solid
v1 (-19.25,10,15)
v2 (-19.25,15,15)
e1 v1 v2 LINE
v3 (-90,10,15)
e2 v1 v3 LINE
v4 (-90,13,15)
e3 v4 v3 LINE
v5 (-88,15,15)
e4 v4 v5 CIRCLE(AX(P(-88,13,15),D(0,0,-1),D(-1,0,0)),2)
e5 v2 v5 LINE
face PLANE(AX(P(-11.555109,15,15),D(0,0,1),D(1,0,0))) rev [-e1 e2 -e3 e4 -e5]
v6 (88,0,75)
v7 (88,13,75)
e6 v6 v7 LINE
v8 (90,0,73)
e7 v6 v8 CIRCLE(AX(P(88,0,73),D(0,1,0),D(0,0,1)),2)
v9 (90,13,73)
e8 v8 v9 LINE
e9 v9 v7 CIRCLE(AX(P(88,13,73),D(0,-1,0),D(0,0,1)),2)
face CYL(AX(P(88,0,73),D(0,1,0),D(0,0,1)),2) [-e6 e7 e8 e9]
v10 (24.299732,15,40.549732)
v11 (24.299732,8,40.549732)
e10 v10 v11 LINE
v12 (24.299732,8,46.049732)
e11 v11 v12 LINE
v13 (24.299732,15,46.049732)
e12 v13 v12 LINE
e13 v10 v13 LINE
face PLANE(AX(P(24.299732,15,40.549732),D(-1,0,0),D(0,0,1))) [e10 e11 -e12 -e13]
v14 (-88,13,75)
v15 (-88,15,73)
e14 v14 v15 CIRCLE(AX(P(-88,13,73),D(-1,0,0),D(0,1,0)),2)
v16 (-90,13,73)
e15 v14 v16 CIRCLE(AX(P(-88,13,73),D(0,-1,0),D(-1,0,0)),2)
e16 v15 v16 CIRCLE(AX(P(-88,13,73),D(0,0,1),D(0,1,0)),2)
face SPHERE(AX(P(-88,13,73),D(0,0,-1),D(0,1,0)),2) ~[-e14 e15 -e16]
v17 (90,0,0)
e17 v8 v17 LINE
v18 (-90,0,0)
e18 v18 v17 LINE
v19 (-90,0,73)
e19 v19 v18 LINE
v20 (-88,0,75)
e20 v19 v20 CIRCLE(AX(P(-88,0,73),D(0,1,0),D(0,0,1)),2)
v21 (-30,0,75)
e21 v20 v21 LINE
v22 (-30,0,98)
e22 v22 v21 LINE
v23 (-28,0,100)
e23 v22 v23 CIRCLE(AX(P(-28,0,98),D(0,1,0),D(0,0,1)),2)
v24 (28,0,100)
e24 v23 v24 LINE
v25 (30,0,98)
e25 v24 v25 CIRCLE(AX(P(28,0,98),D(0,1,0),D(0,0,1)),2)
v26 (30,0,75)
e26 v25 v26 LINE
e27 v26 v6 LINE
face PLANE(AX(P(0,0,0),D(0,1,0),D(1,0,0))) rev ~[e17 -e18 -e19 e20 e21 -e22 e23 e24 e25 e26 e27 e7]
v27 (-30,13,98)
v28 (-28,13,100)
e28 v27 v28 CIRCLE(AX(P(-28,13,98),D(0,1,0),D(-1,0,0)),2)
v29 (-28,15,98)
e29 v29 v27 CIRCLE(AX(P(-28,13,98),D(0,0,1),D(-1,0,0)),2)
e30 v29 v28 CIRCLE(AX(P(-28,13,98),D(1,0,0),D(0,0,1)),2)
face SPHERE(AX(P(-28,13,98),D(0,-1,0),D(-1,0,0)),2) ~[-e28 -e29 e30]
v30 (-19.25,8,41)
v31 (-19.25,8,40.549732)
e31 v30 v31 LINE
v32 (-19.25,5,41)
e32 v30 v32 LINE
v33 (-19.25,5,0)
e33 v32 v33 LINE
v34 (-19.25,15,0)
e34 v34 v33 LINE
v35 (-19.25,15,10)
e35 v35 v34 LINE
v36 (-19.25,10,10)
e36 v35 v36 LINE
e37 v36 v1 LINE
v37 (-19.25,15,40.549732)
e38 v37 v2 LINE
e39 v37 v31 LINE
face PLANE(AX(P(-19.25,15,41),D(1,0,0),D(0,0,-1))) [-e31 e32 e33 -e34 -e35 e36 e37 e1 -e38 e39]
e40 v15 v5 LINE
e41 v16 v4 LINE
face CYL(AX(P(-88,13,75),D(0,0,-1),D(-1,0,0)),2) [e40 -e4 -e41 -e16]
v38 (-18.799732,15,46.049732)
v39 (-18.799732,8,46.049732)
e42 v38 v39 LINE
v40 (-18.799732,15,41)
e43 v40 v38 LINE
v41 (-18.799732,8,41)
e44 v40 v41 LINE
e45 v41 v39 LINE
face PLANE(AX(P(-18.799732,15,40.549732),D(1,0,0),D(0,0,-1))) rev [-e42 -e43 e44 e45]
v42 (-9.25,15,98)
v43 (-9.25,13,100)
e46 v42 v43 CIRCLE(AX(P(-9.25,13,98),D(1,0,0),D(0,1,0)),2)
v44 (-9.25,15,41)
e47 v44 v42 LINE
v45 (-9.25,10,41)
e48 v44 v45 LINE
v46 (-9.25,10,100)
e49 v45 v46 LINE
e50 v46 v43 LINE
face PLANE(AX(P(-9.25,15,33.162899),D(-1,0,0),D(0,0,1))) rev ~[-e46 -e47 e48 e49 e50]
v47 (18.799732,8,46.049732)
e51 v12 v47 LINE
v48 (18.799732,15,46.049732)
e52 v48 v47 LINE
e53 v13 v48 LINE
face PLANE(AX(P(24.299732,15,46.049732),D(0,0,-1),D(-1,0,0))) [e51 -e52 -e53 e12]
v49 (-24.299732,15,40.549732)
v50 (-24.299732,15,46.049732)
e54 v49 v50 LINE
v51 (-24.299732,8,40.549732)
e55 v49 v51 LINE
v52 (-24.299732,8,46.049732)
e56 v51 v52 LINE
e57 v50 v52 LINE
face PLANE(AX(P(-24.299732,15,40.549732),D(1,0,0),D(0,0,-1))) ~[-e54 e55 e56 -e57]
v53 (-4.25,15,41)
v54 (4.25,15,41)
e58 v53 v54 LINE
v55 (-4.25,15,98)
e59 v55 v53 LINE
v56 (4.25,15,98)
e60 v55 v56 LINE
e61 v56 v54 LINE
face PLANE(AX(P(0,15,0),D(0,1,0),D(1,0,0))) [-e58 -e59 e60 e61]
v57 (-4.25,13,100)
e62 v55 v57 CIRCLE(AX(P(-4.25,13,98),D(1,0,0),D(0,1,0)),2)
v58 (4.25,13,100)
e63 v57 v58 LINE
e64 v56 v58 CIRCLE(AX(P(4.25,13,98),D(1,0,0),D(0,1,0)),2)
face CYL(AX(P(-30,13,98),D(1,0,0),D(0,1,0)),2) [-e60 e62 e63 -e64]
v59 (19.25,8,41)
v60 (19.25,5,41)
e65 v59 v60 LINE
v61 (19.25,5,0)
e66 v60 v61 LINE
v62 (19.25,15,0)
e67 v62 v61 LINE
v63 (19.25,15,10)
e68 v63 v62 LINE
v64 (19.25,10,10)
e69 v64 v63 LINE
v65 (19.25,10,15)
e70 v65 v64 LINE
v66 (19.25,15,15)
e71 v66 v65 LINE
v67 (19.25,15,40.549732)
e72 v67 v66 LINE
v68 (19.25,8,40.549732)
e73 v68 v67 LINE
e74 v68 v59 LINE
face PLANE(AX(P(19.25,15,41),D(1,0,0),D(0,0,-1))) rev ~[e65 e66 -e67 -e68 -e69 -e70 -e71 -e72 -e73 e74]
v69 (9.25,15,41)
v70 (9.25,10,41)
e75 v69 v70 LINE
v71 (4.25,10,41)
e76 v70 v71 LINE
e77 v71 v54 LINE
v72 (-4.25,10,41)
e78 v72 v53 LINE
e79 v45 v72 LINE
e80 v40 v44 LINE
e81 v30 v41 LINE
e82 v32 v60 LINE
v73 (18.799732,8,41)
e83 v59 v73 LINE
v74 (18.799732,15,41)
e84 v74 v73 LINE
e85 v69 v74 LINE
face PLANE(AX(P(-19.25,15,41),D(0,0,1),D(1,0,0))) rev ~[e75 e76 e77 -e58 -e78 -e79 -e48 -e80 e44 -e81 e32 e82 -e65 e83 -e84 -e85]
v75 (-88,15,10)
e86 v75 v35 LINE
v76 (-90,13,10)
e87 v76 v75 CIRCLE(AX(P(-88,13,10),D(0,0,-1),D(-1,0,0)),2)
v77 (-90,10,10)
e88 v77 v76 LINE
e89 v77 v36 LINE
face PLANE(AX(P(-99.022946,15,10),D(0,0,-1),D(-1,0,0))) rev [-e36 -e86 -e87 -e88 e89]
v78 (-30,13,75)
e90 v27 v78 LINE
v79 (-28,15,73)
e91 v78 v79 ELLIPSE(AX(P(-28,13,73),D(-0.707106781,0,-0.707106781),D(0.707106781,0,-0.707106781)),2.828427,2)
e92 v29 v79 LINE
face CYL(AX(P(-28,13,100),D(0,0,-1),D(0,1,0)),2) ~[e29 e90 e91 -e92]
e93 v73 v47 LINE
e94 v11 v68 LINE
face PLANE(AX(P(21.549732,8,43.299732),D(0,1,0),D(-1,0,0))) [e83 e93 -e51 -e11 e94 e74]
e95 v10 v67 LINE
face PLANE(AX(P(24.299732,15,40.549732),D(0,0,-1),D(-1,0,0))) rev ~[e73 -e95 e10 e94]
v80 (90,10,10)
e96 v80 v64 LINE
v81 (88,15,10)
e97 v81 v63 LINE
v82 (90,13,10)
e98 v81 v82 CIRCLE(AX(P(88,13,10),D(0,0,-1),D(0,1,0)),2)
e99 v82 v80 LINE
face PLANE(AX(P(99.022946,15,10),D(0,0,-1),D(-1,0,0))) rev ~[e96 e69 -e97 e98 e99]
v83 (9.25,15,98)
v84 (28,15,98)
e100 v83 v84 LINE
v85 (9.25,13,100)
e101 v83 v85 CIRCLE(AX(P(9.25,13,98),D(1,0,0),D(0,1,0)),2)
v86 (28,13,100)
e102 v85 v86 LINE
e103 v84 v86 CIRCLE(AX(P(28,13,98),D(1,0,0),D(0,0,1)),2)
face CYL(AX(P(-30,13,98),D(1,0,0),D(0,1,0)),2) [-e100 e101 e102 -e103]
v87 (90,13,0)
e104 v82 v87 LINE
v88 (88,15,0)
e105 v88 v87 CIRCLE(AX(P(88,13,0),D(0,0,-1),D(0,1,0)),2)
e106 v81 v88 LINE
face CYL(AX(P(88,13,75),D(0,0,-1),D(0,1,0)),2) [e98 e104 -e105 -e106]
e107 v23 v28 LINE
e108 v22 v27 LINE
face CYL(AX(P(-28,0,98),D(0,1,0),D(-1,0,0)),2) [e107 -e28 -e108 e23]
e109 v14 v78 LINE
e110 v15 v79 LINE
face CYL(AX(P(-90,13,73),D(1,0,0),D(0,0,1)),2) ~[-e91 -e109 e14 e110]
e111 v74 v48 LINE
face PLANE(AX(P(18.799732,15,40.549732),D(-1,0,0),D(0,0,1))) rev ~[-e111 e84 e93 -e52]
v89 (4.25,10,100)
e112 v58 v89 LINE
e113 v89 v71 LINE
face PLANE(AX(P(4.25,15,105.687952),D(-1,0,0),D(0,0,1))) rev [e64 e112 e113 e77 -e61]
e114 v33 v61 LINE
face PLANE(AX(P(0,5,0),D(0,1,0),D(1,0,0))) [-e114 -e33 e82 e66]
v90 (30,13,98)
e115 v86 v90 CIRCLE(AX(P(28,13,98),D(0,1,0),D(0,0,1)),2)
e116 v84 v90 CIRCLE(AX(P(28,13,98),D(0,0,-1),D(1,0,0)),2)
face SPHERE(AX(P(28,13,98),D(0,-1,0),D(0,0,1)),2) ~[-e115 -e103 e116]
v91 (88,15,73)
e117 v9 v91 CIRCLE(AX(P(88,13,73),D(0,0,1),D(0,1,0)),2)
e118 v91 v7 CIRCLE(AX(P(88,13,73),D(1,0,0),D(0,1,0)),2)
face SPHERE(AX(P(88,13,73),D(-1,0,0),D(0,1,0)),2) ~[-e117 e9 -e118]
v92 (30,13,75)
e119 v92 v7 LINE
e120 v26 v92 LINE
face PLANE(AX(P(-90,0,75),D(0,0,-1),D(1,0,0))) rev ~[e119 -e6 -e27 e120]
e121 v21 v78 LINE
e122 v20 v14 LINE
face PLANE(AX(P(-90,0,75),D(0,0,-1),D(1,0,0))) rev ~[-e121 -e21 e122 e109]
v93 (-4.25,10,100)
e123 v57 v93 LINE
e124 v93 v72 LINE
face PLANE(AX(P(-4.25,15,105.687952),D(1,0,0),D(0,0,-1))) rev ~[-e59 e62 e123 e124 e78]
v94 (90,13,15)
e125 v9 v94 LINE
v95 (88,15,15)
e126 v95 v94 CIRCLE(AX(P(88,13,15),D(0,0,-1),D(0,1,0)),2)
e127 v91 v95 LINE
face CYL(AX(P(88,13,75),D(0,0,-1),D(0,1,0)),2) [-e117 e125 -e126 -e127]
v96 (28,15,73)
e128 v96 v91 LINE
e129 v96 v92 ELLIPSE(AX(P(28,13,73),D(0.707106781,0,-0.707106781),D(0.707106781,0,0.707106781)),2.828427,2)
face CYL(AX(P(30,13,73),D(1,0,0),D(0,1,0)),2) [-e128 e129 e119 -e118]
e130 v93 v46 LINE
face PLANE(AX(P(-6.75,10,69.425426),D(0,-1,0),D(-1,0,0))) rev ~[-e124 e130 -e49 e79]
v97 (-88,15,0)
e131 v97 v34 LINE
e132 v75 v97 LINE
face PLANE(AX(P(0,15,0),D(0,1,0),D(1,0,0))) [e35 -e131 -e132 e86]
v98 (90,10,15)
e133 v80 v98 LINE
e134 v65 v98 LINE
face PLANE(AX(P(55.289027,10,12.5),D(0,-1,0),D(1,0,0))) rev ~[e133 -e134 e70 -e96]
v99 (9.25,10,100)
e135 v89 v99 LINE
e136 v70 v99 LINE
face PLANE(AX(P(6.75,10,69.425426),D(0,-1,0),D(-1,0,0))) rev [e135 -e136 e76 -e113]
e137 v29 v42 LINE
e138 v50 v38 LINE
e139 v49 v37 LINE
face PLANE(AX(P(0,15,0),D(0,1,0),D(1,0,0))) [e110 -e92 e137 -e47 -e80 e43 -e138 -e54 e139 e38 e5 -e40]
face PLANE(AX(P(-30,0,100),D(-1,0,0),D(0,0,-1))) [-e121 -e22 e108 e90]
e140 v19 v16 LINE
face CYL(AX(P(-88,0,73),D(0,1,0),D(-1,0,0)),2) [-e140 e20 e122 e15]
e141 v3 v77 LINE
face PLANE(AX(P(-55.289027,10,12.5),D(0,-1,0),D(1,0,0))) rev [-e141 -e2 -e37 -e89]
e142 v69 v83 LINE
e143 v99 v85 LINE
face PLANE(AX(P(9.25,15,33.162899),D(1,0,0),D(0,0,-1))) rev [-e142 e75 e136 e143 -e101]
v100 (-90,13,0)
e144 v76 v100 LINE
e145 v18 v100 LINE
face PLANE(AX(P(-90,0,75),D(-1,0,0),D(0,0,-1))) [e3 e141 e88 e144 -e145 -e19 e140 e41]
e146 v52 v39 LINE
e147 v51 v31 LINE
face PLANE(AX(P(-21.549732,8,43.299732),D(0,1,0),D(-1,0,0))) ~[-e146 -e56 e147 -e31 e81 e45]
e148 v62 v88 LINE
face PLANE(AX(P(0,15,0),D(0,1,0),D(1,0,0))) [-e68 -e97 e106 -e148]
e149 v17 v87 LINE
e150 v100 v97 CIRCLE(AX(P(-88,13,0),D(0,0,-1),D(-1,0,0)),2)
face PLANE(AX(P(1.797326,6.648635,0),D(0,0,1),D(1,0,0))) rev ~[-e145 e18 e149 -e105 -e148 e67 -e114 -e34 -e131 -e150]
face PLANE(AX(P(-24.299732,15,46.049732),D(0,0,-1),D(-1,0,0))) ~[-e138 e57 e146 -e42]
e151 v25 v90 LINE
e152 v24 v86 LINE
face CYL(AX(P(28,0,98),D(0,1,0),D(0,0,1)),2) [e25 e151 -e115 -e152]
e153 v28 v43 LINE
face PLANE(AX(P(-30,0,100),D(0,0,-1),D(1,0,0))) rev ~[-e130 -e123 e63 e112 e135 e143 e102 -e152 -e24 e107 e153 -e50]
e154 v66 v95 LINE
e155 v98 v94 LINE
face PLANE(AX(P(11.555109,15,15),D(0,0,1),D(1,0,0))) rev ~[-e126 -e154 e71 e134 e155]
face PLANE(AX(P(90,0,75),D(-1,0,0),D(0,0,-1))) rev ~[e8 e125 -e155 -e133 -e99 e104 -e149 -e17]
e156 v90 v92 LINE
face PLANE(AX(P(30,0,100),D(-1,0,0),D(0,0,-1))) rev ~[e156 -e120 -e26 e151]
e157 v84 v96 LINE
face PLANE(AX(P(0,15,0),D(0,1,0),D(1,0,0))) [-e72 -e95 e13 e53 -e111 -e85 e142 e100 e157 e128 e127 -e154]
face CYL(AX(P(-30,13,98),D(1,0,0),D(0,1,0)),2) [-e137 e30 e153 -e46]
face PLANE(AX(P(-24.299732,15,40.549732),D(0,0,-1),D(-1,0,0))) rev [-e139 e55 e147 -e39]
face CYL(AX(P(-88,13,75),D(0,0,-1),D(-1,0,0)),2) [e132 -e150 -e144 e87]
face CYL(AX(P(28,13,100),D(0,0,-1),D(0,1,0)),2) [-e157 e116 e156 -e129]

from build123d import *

# Parameters (mm, degrees)
SKETCH1_W                                  = 180
SKETCH1_H                                  = 150
BOSS_EXTRUDE1_DEPTH                        = 15
SKETCH7_W                                  = 60
SKETCH7_H                                  = 25
BOSS_EXTRUDE6_DEPTH                        = 15
FILLET1_R                                  = 2
SKETCH2_W                                  = 38.5
SKETCH2_H                                  = 82
CUT_EXTRUDE1_DEPTH                         = 10
CUT_EXTRUDE3_DEPTH                         = 5
SKETCH11_W                                 = 5.5
SKETCH11_H                                 = 5.5
CUT_EXTRUDE6_DEPTH                         = 7
MIRROR3_AT_THE_SECOND_PLANE_COPY_1_SKETC_W = 5.5
MIRROR3_AT_THE_SECOND_PLANE_COPY_1_SKETC_H = 5.5
MIRROR3_AT_THE_SECOND_PLANE_COPY_1_DEPTH   = 7
MIRROR4_AT_THE_SECOND_PLANE_COPY_1_DEPTH   = 5
SKETCH12_W                                 = 194.678765725
SKETCH12_H                                 = 23.459831827
CUT_EXTRUDE7_DEPTH                         = 136.369863707


with BuildPart() as part:
    # Sketch1 → Boss-Extrude1 (new body)
    with BuildSketch(Plane(origin=(0, 0, 0), x_dir=(1, 0, 0), z_dir=(0, 1, 0))):
        Rectangle(SKETCH1_W, SKETCH1_H)
    extrude(amount=BOSS_EXTRUDE1_DEPTH)

    # Sketch7 → Boss-Extrude6 (add)
    with BuildSketch(Plane(origin=(0, 0, 0), x_dir=(1, 0, 0), z_dir=(0, 1, 0))):
        with Locations((0, -87.5)):
            Rectangle(SKETCH7_W, SKETCH7_H)
        with Locations((0, 87.5)):
            Rectangle(SKETCH7_W, SKETCH7_H)
    extrude(amount=BOSS_EXTRUDE6_DEPTH)

    # Fillet1
    fillet1_edges = [part.edges().sort_by_distance(p)[0] for p in [
        (-90, 15, 0),
        (60, 15, 75),
        (-60, 15, 75),
        (-30, 7.5, 100),
        (30, 7.5, 100),
        (-30, 15, 87.5),
        (0, 15, 100),
        (30, 15, 87.5),
        (-60, 15, -75),
        (0, 15, -100),
        (30, 7.5, -100),
        (-30, 15, -87.5),
        (-30, 7.5, -100),
        (30, 15, -87.5),
        (90, 15, 0),
        (90, 7.5, 75),
        (-90, 7.5, 75),
        (-90, 7.5, -75),
        (90, 7.5, -75),
        (60, 15, -75),
    ]]
    fillet(fillet1_edges, radius=FILLET1_R)

    # Sketch2 → Cut-Extrude1 (cut)
    with BuildSketch(Plane(origin=(0, 15, 0), x_dir=(1, 0, 0), z_dir=(0, 1, 0))):
        Rectangle(SKETCH2_W, SKETCH2_H)
    extrude(amount=-CUT_EXTRUDE1_DEPTH, mode=Mode.SUBTRACT)

    # Sketch10 → Cut-Extrude3 (cut)
    with BuildSketch(Plane(origin=(0, 15, 0), x_dir=(1, 0, 0), z_dir=(0, 1, 0))):
        Polygon((-9.25, -40.5), (-9.25, -33.162899401), (-4.25, -33.162899401), (-4.25, -40.5), (-4.25, -105.687952047), (-9.25, -105.687952047), align=None)
        Polygon((-99.022946063, 15), (-19.25, 15), (-11.555108838, 15), (-11.555108838, 10), (-19.25, 10), (-99.022946063, 10), align=None)
    cut_extrude3 = extrude(amount=-CUT_EXTRUDE3_DEPTH, mode=Mode.SUBTRACT)

    # Sketch11 → Cut-Extrude6 (cut)
    with BuildSketch(Plane(origin=(0, 15, 0), x_dir=(1, 0, 0), z_dir=(0, 1, 0))):
        with Locations((-21.549732367, 43.299732367)):
            Rectangle(SKETCH11_W, SKETCH11_H)
    cut_extrude6 = extrude(amount=-CUT_EXTRUDE6_DEPTH, mode=Mode.SUBTRACT)

    # Mirror3: Cut-Extrude6 across plane
    add(cut_extrude6.mirror(Plane(origin=(0, 0, 0), x_dir=(0, 0, 1), z_dir=(1, 0, 0))), mode=Mode.SUBTRACT)

    # Mirror3 at the second plane: Cut-Extrude6 across plane
    add(cut_extrude6.mirror(Plane.XY), mode=Mode.SUBTRACT)

    # Mirror3 at the second plane copy 1 sketc → Mirror3 at the second plane copy 1 (cut)
    with BuildSketch(Plane(origin=(0, 15, 0), x_dir=(-1, 0, 0), z_dir=(0, 1, 0))):
        with Locations((-21.549732367, 43.299732367)):
            Rectangle(MIRROR3_AT_THE_SECOND_PLANE_COPY_1_SKETC_W, MIRROR3_AT_THE_SECOND_PLANE_COPY_1_SKETC_H)
    extrude(amount=-MIRROR3_AT_THE_SECOND_PLANE_COPY_1_DEPTH, mode=Mode.SUBTRACT)

    # Mirror4: Cut-Extrude3 across plane
    add(cut_extrude3.mirror(Plane(origin=(0, 0, 0), x_dir=(0, 0, 1), z_dir=(1, 0, 0))), mode=Mode.SUBTRACT)

    # Mirror4 at the second plane: Cut-Extrude3 across plane
    add(cut_extrude3.mirror(Plane.XY), mode=Mode.SUBTRACT)

    # Mirror4 at the second plane copy 1 sketc → Mirror4 at the second plane copy 1 (cut)
    with BuildSketch(Plane(origin=(0, 15, 0), x_dir=(-1, 0, 0), z_dir=(0, 1, 0))):
        Polygon((-9.25, -40.5), (-9.25, -33.162899401), (-4.25, -33.162899401), (-4.25, -40.5), (-4.25, -105.687952047), (-9.25, -105.687952047), align=None)
        Polygon((-99.022946063, 15), (-19.25, 15), (-11.555108838, 15), (-11.555108838, 10), (-19.25, 10), (-99.022946063, 10), align=None)
    extrude(amount=-MIRROR4_AT_THE_SECOND_PLANE_COPY_1_DEPTH, mode=Mode.SUBTRACT)

    # Sketch12 → Cut-Extrude7 (cut, through all)
    with BuildSketch(Plane.XY):
        with Locations((1.797325826, 6.648635136)):
            Rectangle(SKETCH12_W, SKETCH12_H)
    extrude(amount=-CUT_EXTRUDE7_DEPTH, mode=Mode.SUBTRACT)


solid = part.part
